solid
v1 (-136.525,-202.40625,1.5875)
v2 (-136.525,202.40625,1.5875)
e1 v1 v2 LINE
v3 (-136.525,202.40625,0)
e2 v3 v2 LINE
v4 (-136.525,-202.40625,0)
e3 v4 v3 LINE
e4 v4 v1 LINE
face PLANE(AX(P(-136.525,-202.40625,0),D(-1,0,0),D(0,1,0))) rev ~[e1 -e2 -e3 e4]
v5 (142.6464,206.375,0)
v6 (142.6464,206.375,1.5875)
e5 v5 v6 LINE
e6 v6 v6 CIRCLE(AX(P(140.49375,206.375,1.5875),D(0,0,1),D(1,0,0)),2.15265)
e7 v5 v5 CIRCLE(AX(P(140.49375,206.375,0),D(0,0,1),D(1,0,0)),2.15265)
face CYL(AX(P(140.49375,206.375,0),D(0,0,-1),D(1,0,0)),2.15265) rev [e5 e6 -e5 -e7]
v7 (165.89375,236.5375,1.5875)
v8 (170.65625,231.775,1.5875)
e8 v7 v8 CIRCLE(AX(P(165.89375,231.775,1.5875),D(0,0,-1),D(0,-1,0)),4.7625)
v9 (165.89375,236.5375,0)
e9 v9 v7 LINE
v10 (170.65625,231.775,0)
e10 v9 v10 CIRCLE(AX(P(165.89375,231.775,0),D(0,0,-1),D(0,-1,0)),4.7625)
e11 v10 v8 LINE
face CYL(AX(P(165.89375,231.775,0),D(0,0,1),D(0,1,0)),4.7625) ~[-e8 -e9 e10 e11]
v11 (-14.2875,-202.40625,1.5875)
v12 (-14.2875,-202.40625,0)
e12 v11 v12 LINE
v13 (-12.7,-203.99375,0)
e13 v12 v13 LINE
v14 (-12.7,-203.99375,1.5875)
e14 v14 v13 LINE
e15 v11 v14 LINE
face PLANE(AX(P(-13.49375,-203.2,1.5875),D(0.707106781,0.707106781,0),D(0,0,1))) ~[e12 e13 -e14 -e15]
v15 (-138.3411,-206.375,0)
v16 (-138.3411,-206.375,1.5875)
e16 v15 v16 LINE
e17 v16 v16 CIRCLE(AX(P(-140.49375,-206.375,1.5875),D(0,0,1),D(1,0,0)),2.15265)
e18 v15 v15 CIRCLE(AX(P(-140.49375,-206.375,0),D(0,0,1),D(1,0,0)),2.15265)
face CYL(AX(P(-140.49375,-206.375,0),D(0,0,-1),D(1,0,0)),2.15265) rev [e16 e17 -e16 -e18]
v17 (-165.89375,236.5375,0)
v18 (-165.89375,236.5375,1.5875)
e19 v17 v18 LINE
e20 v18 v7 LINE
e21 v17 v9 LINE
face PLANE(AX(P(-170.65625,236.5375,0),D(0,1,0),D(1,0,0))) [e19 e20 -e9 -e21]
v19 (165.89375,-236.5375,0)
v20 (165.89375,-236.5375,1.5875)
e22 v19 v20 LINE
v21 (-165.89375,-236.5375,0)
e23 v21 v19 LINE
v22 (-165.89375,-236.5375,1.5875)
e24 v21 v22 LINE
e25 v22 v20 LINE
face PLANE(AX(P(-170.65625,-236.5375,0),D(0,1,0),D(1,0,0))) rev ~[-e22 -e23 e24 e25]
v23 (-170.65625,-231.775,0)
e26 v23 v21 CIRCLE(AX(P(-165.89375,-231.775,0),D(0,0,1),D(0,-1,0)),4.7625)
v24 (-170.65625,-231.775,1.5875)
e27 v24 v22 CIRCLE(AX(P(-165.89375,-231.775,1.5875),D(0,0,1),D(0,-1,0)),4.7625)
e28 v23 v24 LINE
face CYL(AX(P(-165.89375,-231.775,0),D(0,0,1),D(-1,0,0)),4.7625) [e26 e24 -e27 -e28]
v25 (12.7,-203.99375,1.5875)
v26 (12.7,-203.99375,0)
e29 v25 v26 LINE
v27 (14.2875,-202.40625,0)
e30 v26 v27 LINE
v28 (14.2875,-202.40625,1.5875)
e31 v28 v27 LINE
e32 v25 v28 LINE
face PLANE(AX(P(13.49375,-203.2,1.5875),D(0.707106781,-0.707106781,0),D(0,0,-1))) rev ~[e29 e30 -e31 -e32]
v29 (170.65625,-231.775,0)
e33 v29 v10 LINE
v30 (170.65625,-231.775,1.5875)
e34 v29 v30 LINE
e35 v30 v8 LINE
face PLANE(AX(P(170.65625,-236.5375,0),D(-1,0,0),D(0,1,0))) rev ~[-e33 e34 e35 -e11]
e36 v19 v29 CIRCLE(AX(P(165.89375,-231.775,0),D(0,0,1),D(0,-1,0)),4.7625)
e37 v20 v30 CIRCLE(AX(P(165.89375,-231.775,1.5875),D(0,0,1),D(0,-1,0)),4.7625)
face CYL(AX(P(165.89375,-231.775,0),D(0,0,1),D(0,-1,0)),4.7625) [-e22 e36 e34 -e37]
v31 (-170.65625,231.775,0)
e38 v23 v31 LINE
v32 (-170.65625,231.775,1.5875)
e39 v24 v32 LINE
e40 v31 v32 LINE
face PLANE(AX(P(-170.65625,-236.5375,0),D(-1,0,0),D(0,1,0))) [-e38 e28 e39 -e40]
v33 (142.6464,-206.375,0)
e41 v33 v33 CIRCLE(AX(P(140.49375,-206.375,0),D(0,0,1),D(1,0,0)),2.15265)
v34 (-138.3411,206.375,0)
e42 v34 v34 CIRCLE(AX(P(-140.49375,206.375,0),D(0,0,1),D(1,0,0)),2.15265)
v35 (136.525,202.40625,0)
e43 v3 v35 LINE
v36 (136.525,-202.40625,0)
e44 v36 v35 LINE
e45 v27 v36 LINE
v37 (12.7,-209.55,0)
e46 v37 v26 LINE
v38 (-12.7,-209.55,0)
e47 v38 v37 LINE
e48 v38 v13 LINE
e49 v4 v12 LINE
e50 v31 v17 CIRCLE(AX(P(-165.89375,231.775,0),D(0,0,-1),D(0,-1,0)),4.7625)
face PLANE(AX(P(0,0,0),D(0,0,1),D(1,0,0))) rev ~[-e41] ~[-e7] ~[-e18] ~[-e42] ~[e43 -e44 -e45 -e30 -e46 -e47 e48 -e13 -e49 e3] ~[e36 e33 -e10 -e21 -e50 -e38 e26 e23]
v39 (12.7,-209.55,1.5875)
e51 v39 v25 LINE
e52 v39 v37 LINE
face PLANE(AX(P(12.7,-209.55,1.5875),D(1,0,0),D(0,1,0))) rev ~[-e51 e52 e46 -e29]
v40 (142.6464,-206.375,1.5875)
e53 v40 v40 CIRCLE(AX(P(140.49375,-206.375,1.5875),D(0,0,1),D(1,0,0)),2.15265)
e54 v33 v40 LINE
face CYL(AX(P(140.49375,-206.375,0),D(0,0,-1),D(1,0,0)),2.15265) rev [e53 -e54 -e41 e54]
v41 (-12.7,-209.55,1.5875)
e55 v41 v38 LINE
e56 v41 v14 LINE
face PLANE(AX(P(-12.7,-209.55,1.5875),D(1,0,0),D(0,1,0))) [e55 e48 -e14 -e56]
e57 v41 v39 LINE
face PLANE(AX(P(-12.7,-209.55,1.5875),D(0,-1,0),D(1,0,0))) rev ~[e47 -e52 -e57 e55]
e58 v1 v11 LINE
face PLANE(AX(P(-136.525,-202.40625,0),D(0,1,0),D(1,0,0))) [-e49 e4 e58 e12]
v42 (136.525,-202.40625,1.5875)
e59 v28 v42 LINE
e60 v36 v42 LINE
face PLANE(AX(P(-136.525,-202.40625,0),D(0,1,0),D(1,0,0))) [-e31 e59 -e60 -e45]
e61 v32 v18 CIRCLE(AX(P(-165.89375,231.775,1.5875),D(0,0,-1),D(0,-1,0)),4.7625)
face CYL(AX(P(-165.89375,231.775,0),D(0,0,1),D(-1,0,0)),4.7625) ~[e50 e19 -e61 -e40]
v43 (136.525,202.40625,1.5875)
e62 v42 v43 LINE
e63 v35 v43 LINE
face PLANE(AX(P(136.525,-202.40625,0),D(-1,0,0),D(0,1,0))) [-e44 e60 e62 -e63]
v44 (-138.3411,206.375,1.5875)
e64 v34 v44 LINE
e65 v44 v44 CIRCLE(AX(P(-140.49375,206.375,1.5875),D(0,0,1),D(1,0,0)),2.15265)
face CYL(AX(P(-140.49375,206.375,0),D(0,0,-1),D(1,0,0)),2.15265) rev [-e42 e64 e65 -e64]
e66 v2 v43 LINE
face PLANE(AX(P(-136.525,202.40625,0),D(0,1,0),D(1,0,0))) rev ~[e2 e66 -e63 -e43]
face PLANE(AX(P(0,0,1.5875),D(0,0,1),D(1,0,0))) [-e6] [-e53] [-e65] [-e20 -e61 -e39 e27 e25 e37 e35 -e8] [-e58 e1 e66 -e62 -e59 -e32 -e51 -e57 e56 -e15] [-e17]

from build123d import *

# Parameters (mm, degrees)
F0_W     = 341.3125
F0_H     = 473.075
F0_R     = 2.15265
F0_W_2   = 273.05
F0_H_2   = 404.8125
F1_DEPTH = 1.5875
F2_R     = 4.7625
F3_W     = 25.4
F3_H     = 7.14375
F4_DEPTH = 1.5875
F5_SIZE  = 1.5875


with BuildPart() as f1:
    # F0 (on Top) → F1 (new body)
    with BuildSketch(Plane.XY):
        Rectangle(F0_W, F0_H)
        with Locations((-140.49375, -206.375)):
            Circle(F0_R, mode=Mode.SUBTRACT)
        with Locations((140.49375, -206.375)):
            Circle(F0_R, mode=Mode.SUBTRACT)
        Rectangle(F0_W_2, F0_H_2, mode=Mode.SUBTRACT)
        with Locations((-140.49375, 206.375)):
            Circle(F0_R, mode=Mode.SUBTRACT)
        with Locations((140.49375, 206.375)):
            Circle(F0_R, mode=Mode.SUBTRACT)
    extrude(amount=F1_DEPTH)

    # F2
    f2_edges = [f1.edges().sort_by_distance(p)[0] for p in [
        (-170.65625, 236.5375, 0.79375),
        (170.65625, 236.5375, 0.79375),
        (170.65625, -236.5375, 0.79375),
        (-170.65625, -236.5375, 0.79375),
    ]]
    fillet(f2_edges, radius=F2_R)

    # F3 (on face) → F4 (cut, through all)
    with BuildSketch(Plane.XY.offset(1.5875)):
        with Locations((0, -205.978125)):
            Rectangle(F3_W, F3_H)
    extrude(amount=-F4_DEPTH, mode=Mode.SUBTRACT)

    # F5
    f5_edges = [f1.edges().sort_by_distance(p)[0] for p in [
        (12.7, -202.40625, 0.79375),
        (-12.7, -202.40625, 0.79375),
    ]]
    chamfer(f5_edges, length=F5_SIZE)


solid = f1.part
